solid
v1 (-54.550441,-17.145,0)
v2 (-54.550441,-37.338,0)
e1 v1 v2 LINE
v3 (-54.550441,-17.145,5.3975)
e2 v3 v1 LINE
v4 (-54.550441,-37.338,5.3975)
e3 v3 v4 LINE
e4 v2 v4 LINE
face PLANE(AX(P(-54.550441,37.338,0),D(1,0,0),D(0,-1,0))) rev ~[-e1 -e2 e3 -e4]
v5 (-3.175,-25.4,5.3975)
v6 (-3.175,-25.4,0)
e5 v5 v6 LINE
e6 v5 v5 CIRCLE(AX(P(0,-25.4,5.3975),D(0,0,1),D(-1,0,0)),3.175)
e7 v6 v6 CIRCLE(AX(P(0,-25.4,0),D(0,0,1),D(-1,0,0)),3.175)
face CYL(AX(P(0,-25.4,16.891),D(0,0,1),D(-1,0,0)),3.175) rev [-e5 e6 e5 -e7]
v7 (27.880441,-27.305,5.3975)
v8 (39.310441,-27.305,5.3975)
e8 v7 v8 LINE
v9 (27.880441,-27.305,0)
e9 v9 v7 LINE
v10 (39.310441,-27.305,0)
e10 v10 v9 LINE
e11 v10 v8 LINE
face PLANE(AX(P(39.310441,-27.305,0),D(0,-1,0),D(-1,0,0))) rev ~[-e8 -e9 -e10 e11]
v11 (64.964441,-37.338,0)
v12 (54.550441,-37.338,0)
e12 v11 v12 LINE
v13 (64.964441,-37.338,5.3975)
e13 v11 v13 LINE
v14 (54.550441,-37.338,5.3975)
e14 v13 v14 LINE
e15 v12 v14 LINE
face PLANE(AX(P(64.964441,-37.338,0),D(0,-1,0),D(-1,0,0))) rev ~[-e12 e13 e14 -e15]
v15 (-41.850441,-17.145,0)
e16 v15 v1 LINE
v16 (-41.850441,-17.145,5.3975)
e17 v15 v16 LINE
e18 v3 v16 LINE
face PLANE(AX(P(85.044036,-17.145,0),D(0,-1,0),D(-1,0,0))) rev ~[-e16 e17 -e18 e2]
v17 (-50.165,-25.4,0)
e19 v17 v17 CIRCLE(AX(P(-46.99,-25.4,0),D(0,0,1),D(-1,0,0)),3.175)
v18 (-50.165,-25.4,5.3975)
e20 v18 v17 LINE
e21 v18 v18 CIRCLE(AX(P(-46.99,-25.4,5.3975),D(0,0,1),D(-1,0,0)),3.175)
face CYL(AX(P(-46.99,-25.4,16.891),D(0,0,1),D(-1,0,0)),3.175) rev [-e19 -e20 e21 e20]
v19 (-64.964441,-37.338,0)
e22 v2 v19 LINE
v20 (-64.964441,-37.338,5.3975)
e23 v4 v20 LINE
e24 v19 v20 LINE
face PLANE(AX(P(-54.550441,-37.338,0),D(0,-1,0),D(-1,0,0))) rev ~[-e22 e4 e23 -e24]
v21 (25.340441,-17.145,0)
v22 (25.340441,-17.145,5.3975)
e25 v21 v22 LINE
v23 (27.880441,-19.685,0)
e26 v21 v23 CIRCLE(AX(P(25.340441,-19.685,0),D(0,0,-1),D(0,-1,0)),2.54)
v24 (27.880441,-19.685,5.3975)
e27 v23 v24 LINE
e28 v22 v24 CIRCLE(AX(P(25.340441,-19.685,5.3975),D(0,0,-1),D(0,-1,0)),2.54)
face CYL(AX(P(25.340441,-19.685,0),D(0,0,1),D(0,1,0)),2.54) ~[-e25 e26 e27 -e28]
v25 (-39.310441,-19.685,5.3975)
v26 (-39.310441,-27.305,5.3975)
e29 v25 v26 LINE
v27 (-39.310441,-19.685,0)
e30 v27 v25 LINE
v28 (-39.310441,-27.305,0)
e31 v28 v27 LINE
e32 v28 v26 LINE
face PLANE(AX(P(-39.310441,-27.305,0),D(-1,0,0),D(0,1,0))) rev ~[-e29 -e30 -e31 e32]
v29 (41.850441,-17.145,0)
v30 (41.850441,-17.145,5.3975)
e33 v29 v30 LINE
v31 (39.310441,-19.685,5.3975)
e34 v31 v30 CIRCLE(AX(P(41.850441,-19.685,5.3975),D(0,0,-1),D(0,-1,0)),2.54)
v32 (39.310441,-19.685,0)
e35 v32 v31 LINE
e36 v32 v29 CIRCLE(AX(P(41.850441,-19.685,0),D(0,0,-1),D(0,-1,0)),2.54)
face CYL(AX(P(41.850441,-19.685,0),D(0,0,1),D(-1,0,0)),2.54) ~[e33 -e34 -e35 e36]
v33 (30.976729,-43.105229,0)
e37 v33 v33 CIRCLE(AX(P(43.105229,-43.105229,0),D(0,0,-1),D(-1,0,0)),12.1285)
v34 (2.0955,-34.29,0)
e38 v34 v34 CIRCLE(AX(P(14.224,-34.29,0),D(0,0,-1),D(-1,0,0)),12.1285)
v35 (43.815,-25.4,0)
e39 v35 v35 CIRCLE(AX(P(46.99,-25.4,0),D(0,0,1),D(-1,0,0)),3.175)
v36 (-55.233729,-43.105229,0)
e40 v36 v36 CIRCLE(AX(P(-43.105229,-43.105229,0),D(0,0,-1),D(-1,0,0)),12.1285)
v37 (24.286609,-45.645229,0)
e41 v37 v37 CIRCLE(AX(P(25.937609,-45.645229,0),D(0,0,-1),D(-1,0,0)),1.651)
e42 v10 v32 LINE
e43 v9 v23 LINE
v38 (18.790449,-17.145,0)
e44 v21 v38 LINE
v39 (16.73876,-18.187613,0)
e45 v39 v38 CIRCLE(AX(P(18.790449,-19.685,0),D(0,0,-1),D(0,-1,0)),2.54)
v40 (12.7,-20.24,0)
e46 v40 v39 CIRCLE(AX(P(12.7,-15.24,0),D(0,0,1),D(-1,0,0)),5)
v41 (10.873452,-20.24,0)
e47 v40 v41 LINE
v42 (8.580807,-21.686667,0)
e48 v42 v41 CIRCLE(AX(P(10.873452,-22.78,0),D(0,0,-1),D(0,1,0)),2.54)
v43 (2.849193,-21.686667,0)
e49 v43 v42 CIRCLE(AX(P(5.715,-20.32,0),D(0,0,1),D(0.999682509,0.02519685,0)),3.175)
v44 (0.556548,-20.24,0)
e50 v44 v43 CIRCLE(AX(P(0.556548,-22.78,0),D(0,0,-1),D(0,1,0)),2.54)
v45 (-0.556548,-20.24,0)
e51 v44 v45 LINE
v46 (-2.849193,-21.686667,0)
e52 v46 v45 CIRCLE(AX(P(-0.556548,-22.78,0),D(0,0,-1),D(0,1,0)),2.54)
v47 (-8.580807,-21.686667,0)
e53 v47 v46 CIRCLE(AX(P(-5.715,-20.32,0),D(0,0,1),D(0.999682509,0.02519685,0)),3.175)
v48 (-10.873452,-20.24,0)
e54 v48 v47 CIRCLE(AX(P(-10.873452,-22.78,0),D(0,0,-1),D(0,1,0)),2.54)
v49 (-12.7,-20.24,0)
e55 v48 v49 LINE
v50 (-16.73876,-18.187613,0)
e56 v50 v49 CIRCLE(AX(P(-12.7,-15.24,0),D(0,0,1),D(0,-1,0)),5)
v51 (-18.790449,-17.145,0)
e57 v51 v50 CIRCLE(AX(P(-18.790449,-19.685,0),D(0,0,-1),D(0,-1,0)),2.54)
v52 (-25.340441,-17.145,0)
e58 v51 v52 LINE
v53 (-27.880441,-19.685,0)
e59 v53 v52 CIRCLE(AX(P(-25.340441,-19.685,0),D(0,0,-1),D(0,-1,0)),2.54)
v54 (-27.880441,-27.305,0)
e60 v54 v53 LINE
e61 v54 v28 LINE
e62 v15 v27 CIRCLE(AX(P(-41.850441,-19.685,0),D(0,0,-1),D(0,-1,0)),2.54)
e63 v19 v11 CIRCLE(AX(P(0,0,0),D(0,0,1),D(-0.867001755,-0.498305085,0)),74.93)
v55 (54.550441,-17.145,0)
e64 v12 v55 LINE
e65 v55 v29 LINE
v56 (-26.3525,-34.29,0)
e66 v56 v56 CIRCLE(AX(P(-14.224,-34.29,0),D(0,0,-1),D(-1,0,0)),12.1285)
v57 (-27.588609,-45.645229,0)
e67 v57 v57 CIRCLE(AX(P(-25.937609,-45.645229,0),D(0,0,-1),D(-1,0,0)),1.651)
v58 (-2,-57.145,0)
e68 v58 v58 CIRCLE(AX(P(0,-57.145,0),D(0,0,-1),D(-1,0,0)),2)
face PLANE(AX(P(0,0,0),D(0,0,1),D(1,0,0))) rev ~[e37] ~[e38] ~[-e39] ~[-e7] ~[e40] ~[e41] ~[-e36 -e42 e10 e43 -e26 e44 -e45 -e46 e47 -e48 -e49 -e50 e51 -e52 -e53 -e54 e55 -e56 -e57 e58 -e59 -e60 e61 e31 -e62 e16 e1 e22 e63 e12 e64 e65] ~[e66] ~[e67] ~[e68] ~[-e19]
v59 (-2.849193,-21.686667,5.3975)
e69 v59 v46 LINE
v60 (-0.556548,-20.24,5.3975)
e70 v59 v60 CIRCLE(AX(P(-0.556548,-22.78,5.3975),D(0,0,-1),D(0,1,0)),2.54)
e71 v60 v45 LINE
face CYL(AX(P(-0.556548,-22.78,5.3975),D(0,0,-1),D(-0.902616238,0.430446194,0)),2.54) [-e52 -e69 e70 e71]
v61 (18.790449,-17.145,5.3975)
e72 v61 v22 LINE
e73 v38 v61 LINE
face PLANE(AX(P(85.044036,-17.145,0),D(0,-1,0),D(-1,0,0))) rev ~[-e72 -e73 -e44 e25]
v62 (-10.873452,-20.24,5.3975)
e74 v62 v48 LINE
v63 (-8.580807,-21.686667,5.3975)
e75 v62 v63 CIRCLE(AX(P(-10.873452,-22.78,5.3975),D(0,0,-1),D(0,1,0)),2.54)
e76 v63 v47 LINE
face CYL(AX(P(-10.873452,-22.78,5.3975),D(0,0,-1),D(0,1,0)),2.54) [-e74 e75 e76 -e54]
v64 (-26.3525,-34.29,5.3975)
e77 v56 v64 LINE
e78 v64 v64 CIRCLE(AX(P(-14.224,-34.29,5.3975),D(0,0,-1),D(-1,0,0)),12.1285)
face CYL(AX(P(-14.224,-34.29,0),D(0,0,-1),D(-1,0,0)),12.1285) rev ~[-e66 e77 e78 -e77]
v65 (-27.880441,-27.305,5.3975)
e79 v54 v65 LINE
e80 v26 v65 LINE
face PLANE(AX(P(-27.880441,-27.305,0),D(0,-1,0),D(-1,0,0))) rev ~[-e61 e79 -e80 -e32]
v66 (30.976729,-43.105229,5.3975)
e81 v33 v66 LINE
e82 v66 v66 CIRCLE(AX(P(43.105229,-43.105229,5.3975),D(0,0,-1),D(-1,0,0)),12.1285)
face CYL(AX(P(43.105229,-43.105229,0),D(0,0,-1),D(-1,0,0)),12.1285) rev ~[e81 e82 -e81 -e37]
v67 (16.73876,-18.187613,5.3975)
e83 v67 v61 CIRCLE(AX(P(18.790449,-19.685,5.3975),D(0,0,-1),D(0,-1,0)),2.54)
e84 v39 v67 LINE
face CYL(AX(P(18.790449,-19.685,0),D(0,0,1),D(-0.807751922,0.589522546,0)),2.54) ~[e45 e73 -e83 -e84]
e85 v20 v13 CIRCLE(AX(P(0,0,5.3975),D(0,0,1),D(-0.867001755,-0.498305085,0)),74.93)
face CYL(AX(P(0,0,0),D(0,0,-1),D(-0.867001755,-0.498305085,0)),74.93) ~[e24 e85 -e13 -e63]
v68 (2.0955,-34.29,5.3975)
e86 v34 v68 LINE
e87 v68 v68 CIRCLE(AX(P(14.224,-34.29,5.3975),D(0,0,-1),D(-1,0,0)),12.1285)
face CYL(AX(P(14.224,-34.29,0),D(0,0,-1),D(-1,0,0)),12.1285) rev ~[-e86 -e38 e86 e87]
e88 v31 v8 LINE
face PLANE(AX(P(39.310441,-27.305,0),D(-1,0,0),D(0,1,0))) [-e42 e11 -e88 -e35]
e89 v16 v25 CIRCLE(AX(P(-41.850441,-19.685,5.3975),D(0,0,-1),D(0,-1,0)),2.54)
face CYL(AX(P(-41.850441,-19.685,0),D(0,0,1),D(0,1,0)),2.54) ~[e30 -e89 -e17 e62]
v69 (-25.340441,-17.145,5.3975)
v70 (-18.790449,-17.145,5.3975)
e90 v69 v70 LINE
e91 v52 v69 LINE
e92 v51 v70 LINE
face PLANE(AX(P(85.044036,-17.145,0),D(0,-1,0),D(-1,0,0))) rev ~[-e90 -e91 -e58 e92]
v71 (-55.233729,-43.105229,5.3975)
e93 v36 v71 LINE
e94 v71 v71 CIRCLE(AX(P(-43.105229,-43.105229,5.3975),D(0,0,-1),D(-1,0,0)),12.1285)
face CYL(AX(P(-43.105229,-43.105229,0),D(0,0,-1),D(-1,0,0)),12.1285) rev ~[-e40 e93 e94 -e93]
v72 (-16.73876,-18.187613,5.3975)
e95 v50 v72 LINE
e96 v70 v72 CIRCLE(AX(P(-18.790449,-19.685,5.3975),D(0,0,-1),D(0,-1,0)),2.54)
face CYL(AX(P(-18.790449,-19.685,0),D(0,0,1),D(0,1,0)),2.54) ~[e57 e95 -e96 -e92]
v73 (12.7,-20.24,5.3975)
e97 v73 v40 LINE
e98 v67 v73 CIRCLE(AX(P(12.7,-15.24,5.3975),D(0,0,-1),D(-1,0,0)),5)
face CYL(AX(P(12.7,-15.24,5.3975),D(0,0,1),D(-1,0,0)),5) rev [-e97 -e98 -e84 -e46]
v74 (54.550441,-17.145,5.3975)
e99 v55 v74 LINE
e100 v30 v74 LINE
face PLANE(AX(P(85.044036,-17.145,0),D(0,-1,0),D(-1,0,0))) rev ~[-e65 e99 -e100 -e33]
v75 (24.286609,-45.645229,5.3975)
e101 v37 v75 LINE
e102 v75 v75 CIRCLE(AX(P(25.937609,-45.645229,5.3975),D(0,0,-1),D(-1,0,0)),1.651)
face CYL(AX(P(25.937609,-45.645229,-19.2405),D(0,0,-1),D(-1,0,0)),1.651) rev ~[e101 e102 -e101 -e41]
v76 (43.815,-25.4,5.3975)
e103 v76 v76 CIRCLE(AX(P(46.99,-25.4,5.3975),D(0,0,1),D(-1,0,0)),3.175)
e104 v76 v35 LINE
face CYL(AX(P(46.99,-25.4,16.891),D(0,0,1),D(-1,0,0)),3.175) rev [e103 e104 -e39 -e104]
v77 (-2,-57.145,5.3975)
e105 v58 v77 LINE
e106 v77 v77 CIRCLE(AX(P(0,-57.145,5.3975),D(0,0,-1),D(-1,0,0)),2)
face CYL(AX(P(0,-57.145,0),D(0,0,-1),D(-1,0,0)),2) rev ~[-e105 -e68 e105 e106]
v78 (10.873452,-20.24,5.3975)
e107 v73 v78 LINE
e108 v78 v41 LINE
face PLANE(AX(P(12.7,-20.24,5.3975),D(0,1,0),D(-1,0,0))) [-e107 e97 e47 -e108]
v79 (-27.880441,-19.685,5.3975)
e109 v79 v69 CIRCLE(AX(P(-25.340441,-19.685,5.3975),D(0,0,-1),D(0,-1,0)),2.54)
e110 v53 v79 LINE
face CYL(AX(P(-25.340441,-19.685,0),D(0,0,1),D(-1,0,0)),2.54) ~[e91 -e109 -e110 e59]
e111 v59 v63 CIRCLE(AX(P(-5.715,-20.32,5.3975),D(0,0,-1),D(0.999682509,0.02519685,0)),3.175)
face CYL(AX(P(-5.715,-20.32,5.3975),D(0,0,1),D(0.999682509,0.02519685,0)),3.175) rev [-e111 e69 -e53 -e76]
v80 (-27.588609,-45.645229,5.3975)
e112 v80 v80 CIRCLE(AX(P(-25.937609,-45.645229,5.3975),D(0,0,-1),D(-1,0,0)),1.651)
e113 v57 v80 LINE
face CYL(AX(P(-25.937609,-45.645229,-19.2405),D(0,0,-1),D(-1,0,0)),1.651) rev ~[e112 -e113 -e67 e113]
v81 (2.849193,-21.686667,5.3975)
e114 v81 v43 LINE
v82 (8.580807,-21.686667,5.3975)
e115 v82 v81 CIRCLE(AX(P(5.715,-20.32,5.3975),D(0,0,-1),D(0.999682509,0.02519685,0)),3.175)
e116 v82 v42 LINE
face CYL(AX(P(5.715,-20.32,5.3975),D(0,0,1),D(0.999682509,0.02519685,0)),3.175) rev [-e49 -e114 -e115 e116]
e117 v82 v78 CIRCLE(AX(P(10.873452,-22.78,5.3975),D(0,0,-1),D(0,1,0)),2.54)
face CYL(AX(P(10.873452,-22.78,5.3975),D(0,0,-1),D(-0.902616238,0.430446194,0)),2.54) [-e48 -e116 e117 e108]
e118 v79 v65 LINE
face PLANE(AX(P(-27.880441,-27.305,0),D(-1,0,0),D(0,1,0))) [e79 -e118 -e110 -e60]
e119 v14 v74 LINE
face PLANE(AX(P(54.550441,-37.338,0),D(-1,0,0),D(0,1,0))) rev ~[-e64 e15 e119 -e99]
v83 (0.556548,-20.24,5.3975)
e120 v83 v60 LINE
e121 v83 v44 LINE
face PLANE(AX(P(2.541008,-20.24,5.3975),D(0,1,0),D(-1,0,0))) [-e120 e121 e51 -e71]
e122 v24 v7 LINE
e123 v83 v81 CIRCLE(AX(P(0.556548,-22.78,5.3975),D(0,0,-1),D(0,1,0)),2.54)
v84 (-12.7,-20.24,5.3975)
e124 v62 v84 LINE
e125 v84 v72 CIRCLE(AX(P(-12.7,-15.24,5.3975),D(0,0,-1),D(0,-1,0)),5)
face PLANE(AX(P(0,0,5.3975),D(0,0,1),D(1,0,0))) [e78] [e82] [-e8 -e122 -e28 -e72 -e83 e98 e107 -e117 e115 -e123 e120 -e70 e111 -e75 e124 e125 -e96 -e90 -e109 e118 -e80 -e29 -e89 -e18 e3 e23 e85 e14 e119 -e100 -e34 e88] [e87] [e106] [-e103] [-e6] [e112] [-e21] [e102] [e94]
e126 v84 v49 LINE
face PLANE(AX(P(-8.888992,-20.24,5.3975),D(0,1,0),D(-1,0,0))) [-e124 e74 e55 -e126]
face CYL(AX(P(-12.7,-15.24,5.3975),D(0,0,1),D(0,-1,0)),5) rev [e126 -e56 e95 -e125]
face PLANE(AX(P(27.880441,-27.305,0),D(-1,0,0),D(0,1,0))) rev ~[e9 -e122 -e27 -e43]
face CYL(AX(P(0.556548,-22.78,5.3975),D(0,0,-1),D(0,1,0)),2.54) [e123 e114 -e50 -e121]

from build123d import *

# Parameters (mm, degrees)
SKETCH1_R                 = 1.651
BOSS_EXTRUDE2_DEPTH       = 5.3975
SKETCH2_R                 = 1.143
CUT_EXTRUDE1_DEPTH        = 6.3975
SKETCH3_R                 = 12.1285
CUT_EXTRUDE2_DEPTH        = 6.3975
SKETCH4_W                 = 28.562713242
SKETCH4_H                 = 11.677503754
BOSS_EXTRUDE3_DEPTH       = 5.3975
SKETCH5_W                 = 216.7214489
SKETCH5_H                 = 130.569220634
CUT_EXTRUDE4_DEPTH        = 6.3975
SKETCH7_R                 = 2
CUT_EXTRUDE5_DEPTH        = 23.368
SKETCH11_W                = 11.43
SKETCH11_H                = 10.16
CUT_EXTRUDE9_DEPTH        = 6.3975
SKETCH67_R                = 1.651
CUT_EXTRUDE65_DEPTH       = 97.79
SKETCH121_R               = 3.175
CUT_EXTRUDE119_DEPTH      = 103.378
CUT_EXTRUDE119_DEPTH_BACK = 48.768
CUT_EXTRUDE12_DEPTH       = 10
FILLET1_R                 = 2.54


with BuildPart() as part:
    # Sketch1 → Boss-Extrude2 (new body)
    with BuildSketch(Plane.XY):
        with BuildLine():
            Line((-64.964441474, 37.338), (-54.550441474, 37.338))
            Line((-54.550441474, 37.338), (-54.550441474, -37.338))
            Line((-54.550441474, -37.338), (-64.964441474, -37.338))
            ThreePointArc((-64.964441474, -37.338), (0, -74.93), (64.964441474, -37.338))
            Line((64.964441474, -37.338), (54.550441474, -37.338))
            Line((54.550441474, -37.338), (54.550441474, 37.338))
            Line((54.550441474, 37.338), (64.964441474, 37.338))
            ThreePointArc((64.964441474, 37.338), (0, 74.93), (-64.964441474, 37.338))
        make_face()
        with Locations((-46.482, 11.049)):
            Circle(SKETCH1_R, mode=Mode.SUBTRACT)
        with Locations((-21.083270032, 10.795)):
            Circle(SKETCH1_R, mode=Mode.SUBTRACT)
        with Locations((-21.083270032, -10.795)):
            Circle(SKETCH1_R, mode=Mode.SUBTRACT)
        with Locations((-46.482, -11.049)):
            Circle(SKETCH1_R, mode=Mode.SUBTRACT)
        with Locations((46.482, -11.049)):
            Circle(SKETCH1_R, mode=Mode.SUBTRACT)
        with Locations((21.083270032, -10.795)):
            Circle(SKETCH1_R, mode=Mode.SUBTRACT)
        with Locations((21.083270032, 10.795)):
            Circle(SKETCH1_R, mode=Mode.SUBTRACT)
        with Locations((46.482, 11.049)):
            Circle(SKETCH1_R, mode=Mode.SUBTRACT)
    extrude(amount=BOSS_EXTRUDE2_DEPTH)

    # Sketch2 → Cut-Extrude1 (cut, through all)
    with BuildSketch(Plane.XY.offset(5.3975)):
        with Locations((-6.731, 62.23)):
            Circle(SKETCH2_R)
        with Locations((6.731, 62.23)):
            Circle(SKETCH2_R)
    extrude(amount=-CUT_EXTRUDE1_DEPTH, mode=Mode.SUBTRACT)

    # Sketch3 → Cut-Extrude2 (cut, through all)
    with BuildSketch(Plane(origin=(0, 0, 0), x_dir=(-1, 0, 0), z_dir=(0, 0, -1))):
        with Locations((-43.105229381, -43.105229381)):
            Circle(SKETCH3_R)
        with Locations((14.224, -34.29)):
            Circle(SKETCH3_R)
        with Locations((14.224, 34.29)):
            Circle(SKETCH3_R)
        with Locations((-43.105229381, 43.105229381)):
            Circle(SKETCH3_R)
        with Locations((43.105229381, 43.105229381)):
            Circle(SKETCH3_R)
        with Locations((-14.224, 34.29)):
            Circle(SKETCH3_R)
        with Locations((-14.224, -34.29)):
            Circle(SKETCH3_R)
        with Locations((43.105229381, -43.105229381)):
            Circle(SKETCH3_R)
    extrude(amount=-CUT_EXTRUDE2_DEPTH, mode=Mode.SUBTRACT)

    # Sketch4 → Boss-Extrude3 (add)
    with BuildSketch(Plane(origin=(0, 0, 0), x_dir=(-1, 0, 0), z_dir=(0, 0, -1))):
        with Locations((-1.488809975, 62.152540216)):
            Rectangle(SKETCH4_W, SKETCH4_H)
    extrude(amount=-BOSS_EXTRUDE3_DEPTH)

    # Sketch5 → Cut-Extrude4 (cut, through all)
    with BuildSketch(Plane(origin=(0, 0, 0), x_dir=(-1, 0, 0), z_dir=(0, 0, -1))):
        with Locations((23.316688373, 48.139610317)):
            Rectangle(SKETCH5_W, SKETCH5_H)
    extrude(amount=-CUT_EXTRUDE4_DEPTH, mode=Mode.SUBTRACT)

    # Sketch7 → Cut-Extrude5 (cut)
    with BuildSketch(Plane(origin=(0, 0, 0), x_dir=(-1, 0, 0), z_dir=(0, 0, -1))):
        with Locations((0, -57.145)):
            Circle(SKETCH7_R)
    extrude(amount=-CUT_EXTRUDE5_DEPTH, mode=Mode.SUBTRACT)

    # Sketch11 → Cut-Extrude9 (cut, through all)
    with BuildSketch(Plane(origin=(0, 0, 0), x_dir=(-1, 0, 0), z_dir=(0, 0, -1))):
        with Locations((-33.595441474, -22.225)):
            Rectangle(SKETCH11_W, SKETCH11_H)
        with Locations((33.595441474, -22.225)):
            Rectangle(SKETCH11_W, SKETCH11_H)
    extrude(amount=-CUT_EXTRUDE9_DEPTH, mode=Mode.SUBTRACT)

    # Sketch67 → Cut-Extrude65 (cut)
    with BuildSketch(Plane(origin=(30.092005081, 4.08352975, -19.2405), x_dir=(-1, 0, 0), z_dir=(0, 0, -1))):
        with Locations((4.154396091, -49.728759131)):
            Circle(SKETCH67_R)
        with Locations((56.02961407, -49.728759131)):
            Circle(SKETCH67_R)
    extrude(amount=-CUT_EXTRUDE65_DEPTH, mode=Mode.SUBTRACT)

    # Sketch121 → Cut-Extrude119 (cut, two sides)
    with BuildSketch(Plane(origin=(30.092005081, 4.08352975, 16.891), x_dir=(-1, 0, 0), z_dir=(0, 0, -1))) as cut_extrude119_sk:
        with Locations((77.082005081, -29.48352975)):
            Circle(SKETCH121_R)
        with Locations((30.092005081, -29.48352975)):
            Circle(SKETCH121_R)
        with Locations((-16.897994919, -29.48352975)):
            Circle(SKETCH121_R)
    extrude(amount=CUT_EXTRUDE119_DEPTH, mode=Mode.SUBTRACT)
    extrude(cut_extrude119_sk.sketch, amount=-CUT_EXTRUDE119_DEPTH_BACK, mode=Mode.SUBTRACT)

    # Sketch14 → Cut-Extrude12 (cut)
    with BuildSketch(Plane.XY.offset(5.3975)):
        with BuildLine():
            Line((12.7, -20.24), (8.888991966, -20.24))
            ThreePointArc((8.888991966, -20.24), (5.715, -23.495), (2.541008034, -20.24))
            Line((2.541008034, -20.24), (-2.541008034, -20.24))
            ThreePointArc((-2.541008034, -20.24), (-5.715, -23.495), (-8.888991966, -20.24))
            Line((-8.888991966, -20.24), (-12.7, -20.24))
            ThreePointArc((-12.7, -20.24), (-16.235533906, -11.704466094), (-7.7, -15.24))
            Line((-7.7, -15.24), (7.7, -15.24))
            ThreePointArc((7.7, -15.24), (16.235533906, -11.704466094), (12.7, -20.24))
        make_face()
    extrude(amount=-CUT_EXTRUDE12_DEPTH, mode=Mode.SUBTRACT)

    # Fillet1
    fillet1_edges = [part.edges().sort_by_distance(p)[0] for p in [
        (39.310441474, -17.145, 2.69875),
        (27.880441474, -17.145, 2.69875),
        (-27.880441474, -17.145, 2.69875),
        (-39.310441474, -17.145, 2.69875),
        (-2.541008034, -20.24, 2.69875),
        (-8.888991966, -20.24, 2.69875),
        (-17.322875188, -17.145, 2.69875),
        (17.322875188, -17.145, 2.69875),
        (8.888991966, -20.24, 2.69875),
        (2.541008034, -20.24, 2.69875),
    ]]
    fillet(fillet1_edges, radius=FILLET1_R)


solid = part.part
